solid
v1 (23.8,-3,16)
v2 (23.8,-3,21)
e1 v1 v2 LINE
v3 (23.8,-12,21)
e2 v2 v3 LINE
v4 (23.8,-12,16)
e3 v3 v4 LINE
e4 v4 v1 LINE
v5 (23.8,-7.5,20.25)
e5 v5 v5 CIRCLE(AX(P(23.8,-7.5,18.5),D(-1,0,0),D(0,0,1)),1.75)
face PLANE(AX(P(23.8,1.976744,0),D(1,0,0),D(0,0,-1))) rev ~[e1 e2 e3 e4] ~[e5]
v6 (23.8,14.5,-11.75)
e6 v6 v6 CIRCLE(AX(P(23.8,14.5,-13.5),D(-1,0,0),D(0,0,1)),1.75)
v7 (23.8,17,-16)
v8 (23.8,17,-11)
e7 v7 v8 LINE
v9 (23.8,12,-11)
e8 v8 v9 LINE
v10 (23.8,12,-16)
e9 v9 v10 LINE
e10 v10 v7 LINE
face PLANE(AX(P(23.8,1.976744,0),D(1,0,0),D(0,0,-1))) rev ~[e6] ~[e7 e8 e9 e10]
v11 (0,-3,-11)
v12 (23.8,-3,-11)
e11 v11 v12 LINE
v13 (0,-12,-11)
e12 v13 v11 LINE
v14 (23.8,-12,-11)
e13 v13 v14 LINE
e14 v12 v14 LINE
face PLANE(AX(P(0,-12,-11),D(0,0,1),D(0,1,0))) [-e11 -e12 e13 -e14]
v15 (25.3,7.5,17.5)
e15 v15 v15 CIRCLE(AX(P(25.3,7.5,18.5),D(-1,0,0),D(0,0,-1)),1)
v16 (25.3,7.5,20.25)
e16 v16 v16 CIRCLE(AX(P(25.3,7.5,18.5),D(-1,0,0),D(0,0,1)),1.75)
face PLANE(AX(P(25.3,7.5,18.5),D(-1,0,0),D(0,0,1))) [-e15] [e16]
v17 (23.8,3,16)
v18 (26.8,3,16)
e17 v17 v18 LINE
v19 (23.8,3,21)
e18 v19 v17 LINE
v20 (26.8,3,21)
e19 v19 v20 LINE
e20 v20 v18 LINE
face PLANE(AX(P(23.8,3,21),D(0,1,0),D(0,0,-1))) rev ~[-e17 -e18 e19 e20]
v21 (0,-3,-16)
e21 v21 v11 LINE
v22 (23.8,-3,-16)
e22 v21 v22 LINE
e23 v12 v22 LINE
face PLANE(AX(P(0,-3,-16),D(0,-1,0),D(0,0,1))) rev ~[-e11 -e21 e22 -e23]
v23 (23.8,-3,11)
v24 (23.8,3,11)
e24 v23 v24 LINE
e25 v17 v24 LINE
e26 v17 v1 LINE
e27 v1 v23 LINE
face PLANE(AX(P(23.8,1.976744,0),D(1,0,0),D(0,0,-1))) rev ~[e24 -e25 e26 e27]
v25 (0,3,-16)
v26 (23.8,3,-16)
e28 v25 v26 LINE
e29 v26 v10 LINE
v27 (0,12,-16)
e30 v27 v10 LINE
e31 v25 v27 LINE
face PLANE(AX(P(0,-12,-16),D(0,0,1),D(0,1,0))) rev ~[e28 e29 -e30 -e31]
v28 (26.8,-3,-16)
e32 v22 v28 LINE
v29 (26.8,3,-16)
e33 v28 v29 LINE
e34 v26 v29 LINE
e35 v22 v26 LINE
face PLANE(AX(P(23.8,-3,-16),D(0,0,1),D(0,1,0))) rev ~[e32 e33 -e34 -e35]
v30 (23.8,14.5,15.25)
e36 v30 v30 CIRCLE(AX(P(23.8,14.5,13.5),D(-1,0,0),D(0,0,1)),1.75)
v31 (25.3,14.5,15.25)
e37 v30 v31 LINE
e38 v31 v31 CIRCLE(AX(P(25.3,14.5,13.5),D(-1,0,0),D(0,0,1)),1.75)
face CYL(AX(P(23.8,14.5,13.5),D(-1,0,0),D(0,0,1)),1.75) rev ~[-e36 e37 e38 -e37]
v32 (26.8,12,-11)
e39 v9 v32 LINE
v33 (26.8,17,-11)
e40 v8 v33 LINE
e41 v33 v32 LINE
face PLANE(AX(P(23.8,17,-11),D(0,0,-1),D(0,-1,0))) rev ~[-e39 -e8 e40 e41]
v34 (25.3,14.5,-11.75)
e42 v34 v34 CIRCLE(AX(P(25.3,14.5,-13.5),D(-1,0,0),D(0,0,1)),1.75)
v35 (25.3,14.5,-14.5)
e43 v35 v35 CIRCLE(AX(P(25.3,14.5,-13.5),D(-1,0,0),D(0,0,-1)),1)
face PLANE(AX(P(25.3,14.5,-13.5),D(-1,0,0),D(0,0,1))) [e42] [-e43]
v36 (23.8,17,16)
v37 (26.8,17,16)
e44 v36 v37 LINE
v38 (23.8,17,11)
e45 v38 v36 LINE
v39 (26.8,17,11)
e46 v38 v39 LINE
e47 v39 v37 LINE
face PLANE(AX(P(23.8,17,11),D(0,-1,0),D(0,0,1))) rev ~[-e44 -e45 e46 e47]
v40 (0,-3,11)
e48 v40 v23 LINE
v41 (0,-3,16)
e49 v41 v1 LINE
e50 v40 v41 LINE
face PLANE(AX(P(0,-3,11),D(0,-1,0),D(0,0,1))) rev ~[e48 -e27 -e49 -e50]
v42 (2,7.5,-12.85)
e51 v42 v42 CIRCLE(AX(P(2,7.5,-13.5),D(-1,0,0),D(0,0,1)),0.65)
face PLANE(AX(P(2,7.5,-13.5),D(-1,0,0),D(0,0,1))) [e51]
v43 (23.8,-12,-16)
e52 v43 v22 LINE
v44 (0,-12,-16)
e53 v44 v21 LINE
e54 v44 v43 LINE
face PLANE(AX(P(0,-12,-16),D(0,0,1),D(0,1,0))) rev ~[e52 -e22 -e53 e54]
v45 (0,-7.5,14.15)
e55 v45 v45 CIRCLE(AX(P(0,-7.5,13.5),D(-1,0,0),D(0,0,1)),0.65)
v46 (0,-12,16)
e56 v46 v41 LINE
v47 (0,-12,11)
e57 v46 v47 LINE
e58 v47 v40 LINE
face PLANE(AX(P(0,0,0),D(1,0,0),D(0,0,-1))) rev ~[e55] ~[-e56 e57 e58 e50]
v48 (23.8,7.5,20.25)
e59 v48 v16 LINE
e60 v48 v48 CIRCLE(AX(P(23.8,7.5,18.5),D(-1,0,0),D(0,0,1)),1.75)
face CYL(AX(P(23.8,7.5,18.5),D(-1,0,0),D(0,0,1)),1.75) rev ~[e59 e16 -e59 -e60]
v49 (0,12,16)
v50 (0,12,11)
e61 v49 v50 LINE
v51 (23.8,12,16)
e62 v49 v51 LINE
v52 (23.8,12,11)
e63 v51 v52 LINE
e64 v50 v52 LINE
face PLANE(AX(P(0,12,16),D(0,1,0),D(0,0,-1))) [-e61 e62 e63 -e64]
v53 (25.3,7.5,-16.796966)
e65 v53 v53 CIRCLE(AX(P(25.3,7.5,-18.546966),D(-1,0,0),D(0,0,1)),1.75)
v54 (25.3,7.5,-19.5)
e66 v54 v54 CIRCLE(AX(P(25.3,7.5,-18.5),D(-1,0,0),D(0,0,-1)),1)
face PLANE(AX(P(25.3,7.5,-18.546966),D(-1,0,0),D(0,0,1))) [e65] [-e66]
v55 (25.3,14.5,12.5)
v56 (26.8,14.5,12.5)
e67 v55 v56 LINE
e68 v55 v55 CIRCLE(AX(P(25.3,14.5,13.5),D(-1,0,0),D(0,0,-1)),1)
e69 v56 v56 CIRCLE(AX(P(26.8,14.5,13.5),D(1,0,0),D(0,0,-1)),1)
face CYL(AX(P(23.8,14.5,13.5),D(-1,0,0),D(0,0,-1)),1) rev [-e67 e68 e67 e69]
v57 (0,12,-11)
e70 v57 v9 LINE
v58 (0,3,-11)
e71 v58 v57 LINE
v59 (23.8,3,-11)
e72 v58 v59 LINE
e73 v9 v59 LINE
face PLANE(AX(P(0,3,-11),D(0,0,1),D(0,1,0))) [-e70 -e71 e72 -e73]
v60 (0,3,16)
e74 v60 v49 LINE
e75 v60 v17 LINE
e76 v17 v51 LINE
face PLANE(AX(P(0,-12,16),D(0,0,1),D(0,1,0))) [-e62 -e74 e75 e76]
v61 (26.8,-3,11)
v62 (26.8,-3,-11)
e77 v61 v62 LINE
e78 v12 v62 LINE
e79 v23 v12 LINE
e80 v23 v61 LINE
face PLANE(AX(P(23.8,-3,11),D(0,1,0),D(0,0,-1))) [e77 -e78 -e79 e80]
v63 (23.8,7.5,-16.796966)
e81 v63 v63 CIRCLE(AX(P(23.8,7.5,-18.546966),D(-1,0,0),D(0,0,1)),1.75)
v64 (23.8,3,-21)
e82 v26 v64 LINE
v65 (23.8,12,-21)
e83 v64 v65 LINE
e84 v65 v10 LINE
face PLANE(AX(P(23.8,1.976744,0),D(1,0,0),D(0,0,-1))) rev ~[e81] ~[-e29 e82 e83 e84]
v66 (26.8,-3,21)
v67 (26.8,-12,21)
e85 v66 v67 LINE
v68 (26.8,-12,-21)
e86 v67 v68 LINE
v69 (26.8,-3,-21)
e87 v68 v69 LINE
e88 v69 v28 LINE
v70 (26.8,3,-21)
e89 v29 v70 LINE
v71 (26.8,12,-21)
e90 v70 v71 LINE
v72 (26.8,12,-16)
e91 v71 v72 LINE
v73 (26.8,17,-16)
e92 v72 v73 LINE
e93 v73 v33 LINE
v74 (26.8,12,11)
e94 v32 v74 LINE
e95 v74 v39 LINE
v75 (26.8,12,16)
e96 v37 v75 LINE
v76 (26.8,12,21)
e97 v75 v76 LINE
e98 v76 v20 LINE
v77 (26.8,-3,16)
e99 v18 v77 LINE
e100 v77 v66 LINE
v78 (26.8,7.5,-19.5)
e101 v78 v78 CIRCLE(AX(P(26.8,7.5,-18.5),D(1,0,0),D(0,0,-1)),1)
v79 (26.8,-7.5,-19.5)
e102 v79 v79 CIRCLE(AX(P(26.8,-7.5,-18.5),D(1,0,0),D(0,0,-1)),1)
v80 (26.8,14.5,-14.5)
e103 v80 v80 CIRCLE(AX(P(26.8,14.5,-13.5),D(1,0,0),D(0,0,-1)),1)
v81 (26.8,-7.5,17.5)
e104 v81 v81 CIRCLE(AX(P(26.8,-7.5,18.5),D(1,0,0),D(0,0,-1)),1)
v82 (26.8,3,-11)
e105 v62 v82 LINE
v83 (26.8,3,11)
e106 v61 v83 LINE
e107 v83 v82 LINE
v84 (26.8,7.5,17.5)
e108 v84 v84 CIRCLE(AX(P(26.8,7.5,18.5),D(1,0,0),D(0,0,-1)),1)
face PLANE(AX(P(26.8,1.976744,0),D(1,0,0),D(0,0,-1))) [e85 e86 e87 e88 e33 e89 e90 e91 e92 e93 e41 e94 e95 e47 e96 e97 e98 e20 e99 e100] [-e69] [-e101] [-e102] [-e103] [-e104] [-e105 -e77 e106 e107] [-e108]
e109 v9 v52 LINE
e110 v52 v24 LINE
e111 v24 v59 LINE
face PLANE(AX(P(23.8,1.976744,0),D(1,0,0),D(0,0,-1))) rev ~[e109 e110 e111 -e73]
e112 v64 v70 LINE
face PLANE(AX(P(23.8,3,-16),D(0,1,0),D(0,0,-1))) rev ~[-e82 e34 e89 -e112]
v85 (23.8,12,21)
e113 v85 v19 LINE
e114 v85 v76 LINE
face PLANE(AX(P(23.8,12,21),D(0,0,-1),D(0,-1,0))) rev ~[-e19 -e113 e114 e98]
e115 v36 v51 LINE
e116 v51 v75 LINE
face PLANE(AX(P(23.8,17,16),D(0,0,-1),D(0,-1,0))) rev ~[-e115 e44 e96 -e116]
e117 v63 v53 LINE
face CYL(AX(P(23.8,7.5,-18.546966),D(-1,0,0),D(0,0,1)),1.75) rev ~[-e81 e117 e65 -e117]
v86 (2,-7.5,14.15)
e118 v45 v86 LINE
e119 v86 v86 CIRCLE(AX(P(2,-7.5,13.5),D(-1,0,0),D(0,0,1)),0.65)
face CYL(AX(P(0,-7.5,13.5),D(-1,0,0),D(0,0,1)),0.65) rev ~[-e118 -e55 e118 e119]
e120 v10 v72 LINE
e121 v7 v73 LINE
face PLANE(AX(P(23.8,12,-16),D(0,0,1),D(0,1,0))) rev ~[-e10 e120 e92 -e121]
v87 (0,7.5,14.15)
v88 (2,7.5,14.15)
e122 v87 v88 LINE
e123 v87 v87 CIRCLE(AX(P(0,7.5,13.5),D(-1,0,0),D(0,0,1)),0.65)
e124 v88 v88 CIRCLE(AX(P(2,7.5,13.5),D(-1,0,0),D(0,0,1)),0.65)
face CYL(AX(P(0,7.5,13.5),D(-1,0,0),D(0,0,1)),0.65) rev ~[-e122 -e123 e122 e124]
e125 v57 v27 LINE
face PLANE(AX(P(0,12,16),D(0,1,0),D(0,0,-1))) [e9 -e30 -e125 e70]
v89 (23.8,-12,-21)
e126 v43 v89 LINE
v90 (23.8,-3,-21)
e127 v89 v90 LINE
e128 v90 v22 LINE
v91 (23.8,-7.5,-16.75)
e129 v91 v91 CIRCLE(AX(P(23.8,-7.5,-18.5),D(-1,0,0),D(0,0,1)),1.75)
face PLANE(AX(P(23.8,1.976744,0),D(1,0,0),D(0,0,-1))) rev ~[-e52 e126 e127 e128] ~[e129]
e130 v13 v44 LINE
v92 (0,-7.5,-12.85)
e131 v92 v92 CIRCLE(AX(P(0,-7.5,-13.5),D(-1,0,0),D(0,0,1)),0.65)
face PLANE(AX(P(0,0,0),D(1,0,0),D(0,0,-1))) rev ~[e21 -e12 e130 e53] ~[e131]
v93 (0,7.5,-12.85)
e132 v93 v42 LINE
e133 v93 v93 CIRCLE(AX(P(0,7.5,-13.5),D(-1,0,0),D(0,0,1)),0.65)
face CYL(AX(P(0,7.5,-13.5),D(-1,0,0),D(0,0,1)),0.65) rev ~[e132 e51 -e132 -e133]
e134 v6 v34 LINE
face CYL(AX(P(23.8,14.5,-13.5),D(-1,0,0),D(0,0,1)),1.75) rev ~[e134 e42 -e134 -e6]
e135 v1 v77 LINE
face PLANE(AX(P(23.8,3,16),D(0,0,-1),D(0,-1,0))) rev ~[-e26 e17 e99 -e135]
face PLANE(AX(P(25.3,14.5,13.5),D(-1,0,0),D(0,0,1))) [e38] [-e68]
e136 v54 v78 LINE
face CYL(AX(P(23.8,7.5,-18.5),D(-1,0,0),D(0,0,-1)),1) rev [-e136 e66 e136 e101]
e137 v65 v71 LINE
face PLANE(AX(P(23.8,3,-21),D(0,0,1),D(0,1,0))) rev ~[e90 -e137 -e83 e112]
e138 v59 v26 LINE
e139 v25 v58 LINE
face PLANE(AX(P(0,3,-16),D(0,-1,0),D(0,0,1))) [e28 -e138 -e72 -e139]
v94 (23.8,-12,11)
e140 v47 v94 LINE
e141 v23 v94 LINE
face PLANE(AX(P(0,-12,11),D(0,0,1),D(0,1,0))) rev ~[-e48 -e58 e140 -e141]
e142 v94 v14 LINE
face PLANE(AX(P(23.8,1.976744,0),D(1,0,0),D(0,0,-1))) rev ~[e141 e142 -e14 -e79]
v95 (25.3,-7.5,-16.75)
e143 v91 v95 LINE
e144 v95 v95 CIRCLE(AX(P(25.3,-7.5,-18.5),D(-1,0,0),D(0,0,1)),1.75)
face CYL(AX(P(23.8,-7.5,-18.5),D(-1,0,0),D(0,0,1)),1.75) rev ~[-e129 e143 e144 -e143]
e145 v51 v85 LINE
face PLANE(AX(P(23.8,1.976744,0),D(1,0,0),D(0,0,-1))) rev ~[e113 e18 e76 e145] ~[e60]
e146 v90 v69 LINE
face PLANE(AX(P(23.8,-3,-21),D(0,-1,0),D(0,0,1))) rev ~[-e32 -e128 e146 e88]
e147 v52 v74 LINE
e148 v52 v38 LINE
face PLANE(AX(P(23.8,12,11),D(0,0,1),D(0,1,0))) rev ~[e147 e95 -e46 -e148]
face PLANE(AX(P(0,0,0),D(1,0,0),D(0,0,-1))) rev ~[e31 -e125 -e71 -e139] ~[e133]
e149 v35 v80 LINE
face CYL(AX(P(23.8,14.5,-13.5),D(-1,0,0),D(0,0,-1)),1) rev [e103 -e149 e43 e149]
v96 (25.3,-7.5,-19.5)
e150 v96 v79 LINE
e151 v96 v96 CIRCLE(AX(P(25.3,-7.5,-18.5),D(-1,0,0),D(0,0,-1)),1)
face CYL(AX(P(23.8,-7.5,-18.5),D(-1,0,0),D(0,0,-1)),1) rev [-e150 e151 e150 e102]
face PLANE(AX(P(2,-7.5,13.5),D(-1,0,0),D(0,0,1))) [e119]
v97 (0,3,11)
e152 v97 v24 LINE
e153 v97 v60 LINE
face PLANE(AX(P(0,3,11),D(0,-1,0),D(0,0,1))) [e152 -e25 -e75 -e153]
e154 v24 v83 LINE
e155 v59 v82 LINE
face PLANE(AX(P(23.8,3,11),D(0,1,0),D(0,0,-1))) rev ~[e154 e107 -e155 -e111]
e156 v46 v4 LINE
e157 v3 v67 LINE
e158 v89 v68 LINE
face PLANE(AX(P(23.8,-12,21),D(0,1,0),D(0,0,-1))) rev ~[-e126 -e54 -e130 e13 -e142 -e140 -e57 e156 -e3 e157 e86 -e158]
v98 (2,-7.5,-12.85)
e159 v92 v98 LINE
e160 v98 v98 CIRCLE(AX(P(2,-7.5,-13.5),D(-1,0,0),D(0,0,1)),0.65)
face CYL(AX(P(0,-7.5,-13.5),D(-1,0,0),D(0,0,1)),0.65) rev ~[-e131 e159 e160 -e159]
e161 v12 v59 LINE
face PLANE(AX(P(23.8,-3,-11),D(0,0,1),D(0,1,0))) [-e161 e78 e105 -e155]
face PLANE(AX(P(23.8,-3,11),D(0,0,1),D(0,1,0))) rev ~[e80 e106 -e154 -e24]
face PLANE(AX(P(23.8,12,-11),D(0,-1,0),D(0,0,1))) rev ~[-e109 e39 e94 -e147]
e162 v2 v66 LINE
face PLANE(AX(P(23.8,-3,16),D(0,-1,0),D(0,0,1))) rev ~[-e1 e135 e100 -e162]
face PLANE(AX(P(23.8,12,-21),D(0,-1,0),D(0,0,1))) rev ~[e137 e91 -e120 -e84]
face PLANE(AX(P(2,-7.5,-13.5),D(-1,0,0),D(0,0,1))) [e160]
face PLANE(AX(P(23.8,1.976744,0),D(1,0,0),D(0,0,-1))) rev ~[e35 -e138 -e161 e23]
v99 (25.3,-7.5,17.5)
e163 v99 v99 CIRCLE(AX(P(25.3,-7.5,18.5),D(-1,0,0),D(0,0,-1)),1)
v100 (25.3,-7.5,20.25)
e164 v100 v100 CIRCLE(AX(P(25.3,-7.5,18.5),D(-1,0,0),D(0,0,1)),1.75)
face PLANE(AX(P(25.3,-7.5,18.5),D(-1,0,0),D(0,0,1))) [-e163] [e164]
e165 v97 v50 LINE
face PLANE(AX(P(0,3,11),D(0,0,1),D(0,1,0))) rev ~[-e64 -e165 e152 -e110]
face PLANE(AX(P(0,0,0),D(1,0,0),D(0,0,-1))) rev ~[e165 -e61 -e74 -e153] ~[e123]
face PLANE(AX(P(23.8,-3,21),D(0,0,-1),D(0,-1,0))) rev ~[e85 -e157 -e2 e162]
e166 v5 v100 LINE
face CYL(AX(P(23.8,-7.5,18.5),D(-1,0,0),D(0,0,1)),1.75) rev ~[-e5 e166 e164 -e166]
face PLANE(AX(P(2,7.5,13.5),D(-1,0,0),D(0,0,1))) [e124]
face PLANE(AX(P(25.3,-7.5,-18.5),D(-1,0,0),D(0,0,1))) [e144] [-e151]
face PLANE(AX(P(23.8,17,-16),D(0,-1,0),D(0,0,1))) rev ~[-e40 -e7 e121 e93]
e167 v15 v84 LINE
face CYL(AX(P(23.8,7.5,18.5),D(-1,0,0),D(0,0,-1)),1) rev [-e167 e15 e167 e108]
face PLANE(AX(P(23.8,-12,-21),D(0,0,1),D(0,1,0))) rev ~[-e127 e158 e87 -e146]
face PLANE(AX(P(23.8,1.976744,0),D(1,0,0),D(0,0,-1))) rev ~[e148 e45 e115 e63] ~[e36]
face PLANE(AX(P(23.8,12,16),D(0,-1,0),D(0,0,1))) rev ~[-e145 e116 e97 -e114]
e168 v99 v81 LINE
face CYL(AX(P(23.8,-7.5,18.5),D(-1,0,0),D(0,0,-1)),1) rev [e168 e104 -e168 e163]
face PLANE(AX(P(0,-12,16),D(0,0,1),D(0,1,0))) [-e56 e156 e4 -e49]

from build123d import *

# Parameters (mm, degrees)
SKETCH_1_W           = 32
SKETCH_1_H           = 24
EXTRUDE_1_DEPTH      = 23.8
SKETCH_7_R           = 0.65
CUT_EXTRUDE_1_DEPTH  = 2
SKETCH_8_OUTSIDE_W   = 43.31
SKETCH_8_OUTSIDE_H   = 35.31
SKETCH_8_OUTSIDE_W_2 = 5
SKETCH_8_OUTSIDE_H_2 = 9
CUT_EXTRUDE_2_DEPTH  = 32.087618114
SKETCH_9_R           = 1
SKETCH_9_W           = 22
SKETCH_9_H           = 6
EXTRUDE_2_DEPTH      = 3
SKETCH_11_R          = 1.75
CUT_EXTRUDE_3_DEPTH  = 1.5


with BuildPart() as part:
    # 草图1 → 凸台-拉伸1 (new body)
    with BuildSketch(Plane(origin=(0, 0, 0), x_dir=(0, 0, -1), z_dir=(1, 0, 0))):
        Rectangle(SKETCH_1_W, SKETCH_1_H)
    extrude(amount=EXTRUDE_1_DEPTH)

    # 草图7 → 切除-拉伸1 (cut)
    with BuildSketch(Plane.ZY):
        with Locations((13.5, 7.5)):
            Circle(SKETCH_7_R)
        with Locations((13.5, -7.5)):
            Circle(SKETCH_7_R)
        with Locations((-13.5, -7.5)):
            Circle(SKETCH_7_R)
        with Locations((-13.5, 7.5)):
            Circle(SKETCH_7_R)
    extrude(amount=-CUT_EXTRUDE_1_DEPTH, mode=Mode.SUBTRACT)

    # 草图8 outside → 切除-拉伸2 (cut, through all)
    with BuildSketch(Plane.ZY):
        Rectangle(SKETCH_8_OUTSIDE_W, SKETCH_8_OUTSIDE_H)
        with Locations((-13.5, -7.5)):
            Rectangle(SKETCH_8_OUTSIDE_W_2, SKETCH_8_OUTSIDE_H_2, mode=Mode.SUBTRACT)
        with Locations((-13.5, 7.5)):
            Rectangle(SKETCH_8_OUTSIDE_W_2, SKETCH_8_OUTSIDE_H_2, mode=Mode.SUBTRACT)
        with Locations((13.5, -7.5)):
            Rectangle(SKETCH_8_OUTSIDE_W_2, SKETCH_8_OUTSIDE_H_2, mode=Mode.SUBTRACT)
        with Locations((13.5, 7.5)):
            Rectangle(SKETCH_8_OUTSIDE_W_2, SKETCH_8_OUTSIDE_H_2, mode=Mode.SUBTRACT)
    extrude(amount=-CUT_EXTRUDE_2_DEPTH, mode=Mode.SUBTRACT)


with BuildPart() as cut_extrude_2_piece_1:
    # of the separate pieces the step leaves, piece 1, a body of its own (cut_extrude_2_pieces)
    add(part.part.solids().sort_by_distance((0, 12, 16))[0])



with BuildPart() as cut_extrude_2_piece_2:
    # of the separate pieces the step leaves, piece 2, a body of its own (cut_extrude_2_pieces)
    add(part.part.solids().sort_by_distance((0, -12, 16))[0])


with BuildPart() as cut_extrude_2_piece_3:
    # of the separate pieces the step leaves, piece 3, a body of its own (cut_extrude_2_pieces)
    add(part.part.solids().sort_by_distance((0, 3, -11))[0])


with BuildPart() as cut_extrude_2_piece_4:
    # of the separate pieces the step leaves, piece 4, a body of its own (cut_extrude_2_pieces)
    add(part.part.solids().sort_by_distance((0, -12, -11))[0])


with BuildPart() as cut_extrude_2_piece_1_1:
    add(cut_extrude_2_piece_1.part)

    add(cut_extrude_2_piece_2.part)  # 凸台-拉伸2 merges 切除-拉伸2 piece 2

    add(cut_extrude_2_piece_3.part)  # 凸台-拉伸2 merges 切除-拉伸2 piece 3

    add(cut_extrude_2_piece_4.part)  # 凸台-拉伸2 merges 切除-拉伸2 piece 4
    # 草图9 → 凸台-拉伸2 (add)
    with BuildSketch(Plane(origin=(23.8, 0, 0), x_dir=(0, 0, -1), z_dir=(1, 0, 0))):
        Polygon((16, -3), (16, 3), (21, 3), (21, 12), (16, 12), (16, 17), (11, 17), (11, 12), (-11, 12), (-11, 17), (-16, 17), (-16, 12), (-21, 12), (-21, 3), (-16, 3), (-16, -3), (-21, -3), (-21, -12), (21, -12), (21, -3), align=None)
        with Locations((18.5, 7.5)):
            Circle(SKETCH_9_R, mode=Mode.SUBTRACT)
        with Locations((13.5, 14.5)):
            Circle(SKETCH_9_R, mode=Mode.SUBTRACT)
        with Locations((-18.5, -7.5)):
            Circle(SKETCH_9_R, mode=Mode.SUBTRACT)
        with Locations((18.5, -7.5)):
            Circle(SKETCH_9_R, mode=Mode.SUBTRACT)
        Rectangle(SKETCH_9_W, SKETCH_9_H, mode=Mode.SUBTRACT)
        with Locations((-18.5, 7.5)):
            Circle(SKETCH_9_R, mode=Mode.SUBTRACT)
        with Locations((-13.5, 14.5)):
            Circle(SKETCH_9_R, mode=Mode.SUBTRACT)
    extrude(amount=EXTRUDE_2_DEPTH)

    # 草图11 → 切除-拉伸3 (cut)
    with BuildSketch(Plane.ZY.offset(-23.8)):
        with Locations((-18.5, -7.5)):
            Circle(SKETCH_11_R)
        with Locations((-13.5, -14.5)):
            Circle(SKETCH_11_R)
        with Locations((-18.546966213, 7.5)):
            Circle(SKETCH_11_R)
        with Locations((13.5, -14.5)):
            Circle(SKETCH_11_R)
        with Locations((18.5, -7.5)):
            Circle(SKETCH_11_R)
        with Locations((18.5, 7.5)):
            Circle(SKETCH_11_R)
        with Locations((13.5, 14.5)):
            Circle(SKETCH_11_R)
        with Locations((-13.5, 14.5)):
            Circle(SKETCH_11_R)
    extrude(amount=-CUT_EXTRUDE_3_DEPTH, mode=Mode.SUBTRACT)


solid = cut_extrude_2_piece_1_1.part
